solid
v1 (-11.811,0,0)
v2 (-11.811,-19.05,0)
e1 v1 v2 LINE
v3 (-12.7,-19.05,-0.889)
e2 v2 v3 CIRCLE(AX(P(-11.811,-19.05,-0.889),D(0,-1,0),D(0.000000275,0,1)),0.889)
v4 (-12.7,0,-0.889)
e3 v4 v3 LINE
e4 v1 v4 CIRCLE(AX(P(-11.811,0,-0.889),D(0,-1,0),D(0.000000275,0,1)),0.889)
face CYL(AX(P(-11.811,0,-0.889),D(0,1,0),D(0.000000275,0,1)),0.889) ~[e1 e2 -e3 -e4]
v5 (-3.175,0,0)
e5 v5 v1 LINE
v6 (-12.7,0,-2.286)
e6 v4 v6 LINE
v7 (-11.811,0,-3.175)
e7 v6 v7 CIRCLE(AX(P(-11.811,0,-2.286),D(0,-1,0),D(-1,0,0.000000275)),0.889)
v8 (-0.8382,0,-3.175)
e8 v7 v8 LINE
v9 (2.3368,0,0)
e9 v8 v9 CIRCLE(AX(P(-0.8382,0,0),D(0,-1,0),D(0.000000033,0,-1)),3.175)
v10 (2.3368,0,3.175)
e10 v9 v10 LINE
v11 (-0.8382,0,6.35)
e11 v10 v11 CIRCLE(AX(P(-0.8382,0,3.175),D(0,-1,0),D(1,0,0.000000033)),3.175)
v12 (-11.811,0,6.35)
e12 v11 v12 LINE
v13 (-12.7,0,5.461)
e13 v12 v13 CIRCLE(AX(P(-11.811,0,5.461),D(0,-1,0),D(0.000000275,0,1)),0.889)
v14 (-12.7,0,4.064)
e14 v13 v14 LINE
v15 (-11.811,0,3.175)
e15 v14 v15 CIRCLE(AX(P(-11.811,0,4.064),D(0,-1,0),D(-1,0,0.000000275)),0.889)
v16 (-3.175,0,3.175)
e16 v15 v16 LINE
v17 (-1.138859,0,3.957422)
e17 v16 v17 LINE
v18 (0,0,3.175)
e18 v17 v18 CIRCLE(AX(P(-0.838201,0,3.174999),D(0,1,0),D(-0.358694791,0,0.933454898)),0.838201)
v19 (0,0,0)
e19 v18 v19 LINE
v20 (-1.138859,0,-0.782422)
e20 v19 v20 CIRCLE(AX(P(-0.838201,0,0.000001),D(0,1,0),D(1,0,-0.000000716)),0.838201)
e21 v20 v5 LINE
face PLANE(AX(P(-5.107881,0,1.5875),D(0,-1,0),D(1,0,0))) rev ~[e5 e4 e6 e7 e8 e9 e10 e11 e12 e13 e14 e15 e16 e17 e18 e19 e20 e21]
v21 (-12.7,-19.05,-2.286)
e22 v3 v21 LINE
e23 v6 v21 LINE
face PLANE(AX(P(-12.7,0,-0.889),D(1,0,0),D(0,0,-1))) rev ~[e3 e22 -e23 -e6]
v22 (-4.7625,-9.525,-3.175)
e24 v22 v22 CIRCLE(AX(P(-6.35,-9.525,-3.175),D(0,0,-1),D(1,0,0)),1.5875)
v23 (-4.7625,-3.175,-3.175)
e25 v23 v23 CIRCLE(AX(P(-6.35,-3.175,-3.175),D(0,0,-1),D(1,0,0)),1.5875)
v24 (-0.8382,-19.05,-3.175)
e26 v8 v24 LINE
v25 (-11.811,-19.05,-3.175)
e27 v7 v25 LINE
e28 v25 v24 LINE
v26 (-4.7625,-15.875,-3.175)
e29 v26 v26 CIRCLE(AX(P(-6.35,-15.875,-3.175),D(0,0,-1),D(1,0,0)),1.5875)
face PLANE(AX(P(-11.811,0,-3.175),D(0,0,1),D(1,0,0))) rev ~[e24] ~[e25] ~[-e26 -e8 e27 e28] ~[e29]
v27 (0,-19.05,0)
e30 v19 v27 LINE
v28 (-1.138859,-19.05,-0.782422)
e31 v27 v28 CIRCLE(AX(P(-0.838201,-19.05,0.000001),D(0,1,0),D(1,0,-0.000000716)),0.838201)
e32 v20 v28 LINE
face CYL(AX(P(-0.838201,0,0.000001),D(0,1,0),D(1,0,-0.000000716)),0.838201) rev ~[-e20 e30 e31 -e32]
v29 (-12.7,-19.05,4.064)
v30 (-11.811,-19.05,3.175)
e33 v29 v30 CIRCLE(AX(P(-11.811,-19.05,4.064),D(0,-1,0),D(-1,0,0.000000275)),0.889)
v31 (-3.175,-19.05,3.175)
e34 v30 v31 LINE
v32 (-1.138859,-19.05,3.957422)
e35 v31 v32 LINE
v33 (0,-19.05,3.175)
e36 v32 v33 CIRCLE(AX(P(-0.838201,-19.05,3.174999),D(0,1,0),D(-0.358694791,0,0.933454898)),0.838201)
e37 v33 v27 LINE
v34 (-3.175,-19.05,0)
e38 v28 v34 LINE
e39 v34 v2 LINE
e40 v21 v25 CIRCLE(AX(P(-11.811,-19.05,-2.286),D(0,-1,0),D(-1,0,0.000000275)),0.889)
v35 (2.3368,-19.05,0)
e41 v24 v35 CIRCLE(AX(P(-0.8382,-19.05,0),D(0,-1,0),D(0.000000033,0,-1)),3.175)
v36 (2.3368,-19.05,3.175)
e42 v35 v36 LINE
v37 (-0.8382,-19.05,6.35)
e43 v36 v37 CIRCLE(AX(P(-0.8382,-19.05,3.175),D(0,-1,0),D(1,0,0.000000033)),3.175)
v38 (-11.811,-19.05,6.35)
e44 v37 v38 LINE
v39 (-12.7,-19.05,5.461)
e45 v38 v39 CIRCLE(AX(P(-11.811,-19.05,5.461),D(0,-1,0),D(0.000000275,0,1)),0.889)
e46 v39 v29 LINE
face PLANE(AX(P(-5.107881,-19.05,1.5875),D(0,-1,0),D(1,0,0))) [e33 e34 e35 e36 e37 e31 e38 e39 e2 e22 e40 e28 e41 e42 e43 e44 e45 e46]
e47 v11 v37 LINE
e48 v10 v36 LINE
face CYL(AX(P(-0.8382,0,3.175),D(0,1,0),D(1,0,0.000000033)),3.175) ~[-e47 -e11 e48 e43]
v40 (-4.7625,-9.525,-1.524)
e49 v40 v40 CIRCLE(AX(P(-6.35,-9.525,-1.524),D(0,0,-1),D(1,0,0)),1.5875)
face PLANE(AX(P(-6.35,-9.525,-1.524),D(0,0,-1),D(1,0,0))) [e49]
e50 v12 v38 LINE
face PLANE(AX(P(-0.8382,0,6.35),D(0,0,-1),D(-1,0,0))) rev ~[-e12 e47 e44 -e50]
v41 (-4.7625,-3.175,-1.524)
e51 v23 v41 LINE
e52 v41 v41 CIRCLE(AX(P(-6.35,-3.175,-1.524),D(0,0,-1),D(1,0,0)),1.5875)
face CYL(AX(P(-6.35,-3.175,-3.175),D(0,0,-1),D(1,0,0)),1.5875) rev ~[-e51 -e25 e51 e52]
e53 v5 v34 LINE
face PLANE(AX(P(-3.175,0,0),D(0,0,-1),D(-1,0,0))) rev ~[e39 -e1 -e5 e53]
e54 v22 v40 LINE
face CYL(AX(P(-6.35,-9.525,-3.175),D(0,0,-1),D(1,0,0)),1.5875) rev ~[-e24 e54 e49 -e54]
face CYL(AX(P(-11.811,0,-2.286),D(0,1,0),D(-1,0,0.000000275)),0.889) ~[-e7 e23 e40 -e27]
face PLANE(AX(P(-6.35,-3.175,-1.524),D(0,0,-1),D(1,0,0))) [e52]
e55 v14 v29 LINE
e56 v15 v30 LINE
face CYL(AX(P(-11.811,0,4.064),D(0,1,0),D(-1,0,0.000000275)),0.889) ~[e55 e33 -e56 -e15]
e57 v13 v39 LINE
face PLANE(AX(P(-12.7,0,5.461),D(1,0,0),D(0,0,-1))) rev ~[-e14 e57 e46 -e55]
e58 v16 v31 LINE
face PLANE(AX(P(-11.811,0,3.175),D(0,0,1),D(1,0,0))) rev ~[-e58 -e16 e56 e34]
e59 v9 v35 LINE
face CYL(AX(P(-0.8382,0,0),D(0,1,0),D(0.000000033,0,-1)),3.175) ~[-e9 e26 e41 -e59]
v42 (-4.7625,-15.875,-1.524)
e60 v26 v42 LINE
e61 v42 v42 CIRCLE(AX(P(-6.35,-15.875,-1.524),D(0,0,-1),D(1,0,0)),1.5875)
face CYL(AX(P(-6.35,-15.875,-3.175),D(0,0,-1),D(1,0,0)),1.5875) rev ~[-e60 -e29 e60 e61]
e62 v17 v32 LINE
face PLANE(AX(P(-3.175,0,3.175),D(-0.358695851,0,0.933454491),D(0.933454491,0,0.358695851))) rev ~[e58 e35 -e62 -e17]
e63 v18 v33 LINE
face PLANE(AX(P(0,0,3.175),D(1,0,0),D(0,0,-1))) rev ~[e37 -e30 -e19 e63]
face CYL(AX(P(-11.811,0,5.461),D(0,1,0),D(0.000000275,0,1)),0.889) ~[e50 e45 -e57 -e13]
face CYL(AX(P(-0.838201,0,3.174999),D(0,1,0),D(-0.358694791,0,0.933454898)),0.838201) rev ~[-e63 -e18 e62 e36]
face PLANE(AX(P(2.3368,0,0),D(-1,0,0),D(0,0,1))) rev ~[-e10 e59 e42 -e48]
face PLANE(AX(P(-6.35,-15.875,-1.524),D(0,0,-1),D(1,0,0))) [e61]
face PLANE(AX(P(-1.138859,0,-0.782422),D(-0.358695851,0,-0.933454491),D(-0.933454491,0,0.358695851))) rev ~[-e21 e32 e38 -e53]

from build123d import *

# Parameters (mm, degrees)
F1_DEPTH = 19.05
F2_R     = 1.5875
F3_DEPTH = 1.651


with BuildPart() as f1:
    # F0 (on Front) → F1 (new body)
    with BuildSketch(Plane.XZ):
        with BuildLine():
            Line((0, 3.175), (0, 0))
            ThreePointArc((0, 0), (-0.36356, -0.690866), (-1.138859, -0.782422))
            Line((-1.138859, -0.782422), (-3.175, 0))
            Line((-3.175, 0), (-11.811, 0))
            ThreePointArc((-11.811, 0), (-12.439618, -0.260382), (-12.7, -0.889))
            Line((-12.7, -0.889), (-12.7, -2.286))
            ThreePointArc((-12.7, -2.286), (-12.439618, -2.914618), (-11.811, -3.175))
            Line((-11.811, -3.175), (-0.8382, -3.175))
            ThreePointArc((-0.8382, -3.175), (1.406864, -2.245064), (2.3368, 0))
            Line((2.3368, 0), (2.3368, 3.175))
            ThreePointArc((2.3368, 3.175), (1.406864, 5.420064), (-0.8382, 6.35))
            Line((-0.8382, 6.35), (-11.811, 6.35))
            ThreePointArc((-11.811, 6.35), (-12.439618, 6.089618), (-12.7, 5.461))
            Line((-12.7, 5.461), (-12.7, 4.064))
            ThreePointArc((-12.7, 4.064), (-12.439618, 3.435382), (-11.811, 3.175))
            Line((-11.811, 3.175), (-3.175, 3.175))
            Line((-3.175, 3.175), (-1.138859, 3.957422))
            ThreePointArc((-1.138859, 3.957422), (-0.36356, 3.865866), (0, 3.175))
        make_face()
    extrude(amount=F1_DEPTH)

    # F2 (on face) → F3 (cut)
    with BuildSketch(Plane(origin=(0, 0, -3.175), x_dir=(1, 0, 0), z_dir=(0, 0, -1))):
        with Locations((-6.35, 15.875)):
            Circle(F2_R)
        with Locations((-6.35, 3.175)):
            Circle(F2_R)
        with Locations((-6.35, 9.525)):
            Circle(F2_R)
    extrude(amount=-F3_DEPTH, mode=Mode.SUBTRACT)


solid = f1.part
